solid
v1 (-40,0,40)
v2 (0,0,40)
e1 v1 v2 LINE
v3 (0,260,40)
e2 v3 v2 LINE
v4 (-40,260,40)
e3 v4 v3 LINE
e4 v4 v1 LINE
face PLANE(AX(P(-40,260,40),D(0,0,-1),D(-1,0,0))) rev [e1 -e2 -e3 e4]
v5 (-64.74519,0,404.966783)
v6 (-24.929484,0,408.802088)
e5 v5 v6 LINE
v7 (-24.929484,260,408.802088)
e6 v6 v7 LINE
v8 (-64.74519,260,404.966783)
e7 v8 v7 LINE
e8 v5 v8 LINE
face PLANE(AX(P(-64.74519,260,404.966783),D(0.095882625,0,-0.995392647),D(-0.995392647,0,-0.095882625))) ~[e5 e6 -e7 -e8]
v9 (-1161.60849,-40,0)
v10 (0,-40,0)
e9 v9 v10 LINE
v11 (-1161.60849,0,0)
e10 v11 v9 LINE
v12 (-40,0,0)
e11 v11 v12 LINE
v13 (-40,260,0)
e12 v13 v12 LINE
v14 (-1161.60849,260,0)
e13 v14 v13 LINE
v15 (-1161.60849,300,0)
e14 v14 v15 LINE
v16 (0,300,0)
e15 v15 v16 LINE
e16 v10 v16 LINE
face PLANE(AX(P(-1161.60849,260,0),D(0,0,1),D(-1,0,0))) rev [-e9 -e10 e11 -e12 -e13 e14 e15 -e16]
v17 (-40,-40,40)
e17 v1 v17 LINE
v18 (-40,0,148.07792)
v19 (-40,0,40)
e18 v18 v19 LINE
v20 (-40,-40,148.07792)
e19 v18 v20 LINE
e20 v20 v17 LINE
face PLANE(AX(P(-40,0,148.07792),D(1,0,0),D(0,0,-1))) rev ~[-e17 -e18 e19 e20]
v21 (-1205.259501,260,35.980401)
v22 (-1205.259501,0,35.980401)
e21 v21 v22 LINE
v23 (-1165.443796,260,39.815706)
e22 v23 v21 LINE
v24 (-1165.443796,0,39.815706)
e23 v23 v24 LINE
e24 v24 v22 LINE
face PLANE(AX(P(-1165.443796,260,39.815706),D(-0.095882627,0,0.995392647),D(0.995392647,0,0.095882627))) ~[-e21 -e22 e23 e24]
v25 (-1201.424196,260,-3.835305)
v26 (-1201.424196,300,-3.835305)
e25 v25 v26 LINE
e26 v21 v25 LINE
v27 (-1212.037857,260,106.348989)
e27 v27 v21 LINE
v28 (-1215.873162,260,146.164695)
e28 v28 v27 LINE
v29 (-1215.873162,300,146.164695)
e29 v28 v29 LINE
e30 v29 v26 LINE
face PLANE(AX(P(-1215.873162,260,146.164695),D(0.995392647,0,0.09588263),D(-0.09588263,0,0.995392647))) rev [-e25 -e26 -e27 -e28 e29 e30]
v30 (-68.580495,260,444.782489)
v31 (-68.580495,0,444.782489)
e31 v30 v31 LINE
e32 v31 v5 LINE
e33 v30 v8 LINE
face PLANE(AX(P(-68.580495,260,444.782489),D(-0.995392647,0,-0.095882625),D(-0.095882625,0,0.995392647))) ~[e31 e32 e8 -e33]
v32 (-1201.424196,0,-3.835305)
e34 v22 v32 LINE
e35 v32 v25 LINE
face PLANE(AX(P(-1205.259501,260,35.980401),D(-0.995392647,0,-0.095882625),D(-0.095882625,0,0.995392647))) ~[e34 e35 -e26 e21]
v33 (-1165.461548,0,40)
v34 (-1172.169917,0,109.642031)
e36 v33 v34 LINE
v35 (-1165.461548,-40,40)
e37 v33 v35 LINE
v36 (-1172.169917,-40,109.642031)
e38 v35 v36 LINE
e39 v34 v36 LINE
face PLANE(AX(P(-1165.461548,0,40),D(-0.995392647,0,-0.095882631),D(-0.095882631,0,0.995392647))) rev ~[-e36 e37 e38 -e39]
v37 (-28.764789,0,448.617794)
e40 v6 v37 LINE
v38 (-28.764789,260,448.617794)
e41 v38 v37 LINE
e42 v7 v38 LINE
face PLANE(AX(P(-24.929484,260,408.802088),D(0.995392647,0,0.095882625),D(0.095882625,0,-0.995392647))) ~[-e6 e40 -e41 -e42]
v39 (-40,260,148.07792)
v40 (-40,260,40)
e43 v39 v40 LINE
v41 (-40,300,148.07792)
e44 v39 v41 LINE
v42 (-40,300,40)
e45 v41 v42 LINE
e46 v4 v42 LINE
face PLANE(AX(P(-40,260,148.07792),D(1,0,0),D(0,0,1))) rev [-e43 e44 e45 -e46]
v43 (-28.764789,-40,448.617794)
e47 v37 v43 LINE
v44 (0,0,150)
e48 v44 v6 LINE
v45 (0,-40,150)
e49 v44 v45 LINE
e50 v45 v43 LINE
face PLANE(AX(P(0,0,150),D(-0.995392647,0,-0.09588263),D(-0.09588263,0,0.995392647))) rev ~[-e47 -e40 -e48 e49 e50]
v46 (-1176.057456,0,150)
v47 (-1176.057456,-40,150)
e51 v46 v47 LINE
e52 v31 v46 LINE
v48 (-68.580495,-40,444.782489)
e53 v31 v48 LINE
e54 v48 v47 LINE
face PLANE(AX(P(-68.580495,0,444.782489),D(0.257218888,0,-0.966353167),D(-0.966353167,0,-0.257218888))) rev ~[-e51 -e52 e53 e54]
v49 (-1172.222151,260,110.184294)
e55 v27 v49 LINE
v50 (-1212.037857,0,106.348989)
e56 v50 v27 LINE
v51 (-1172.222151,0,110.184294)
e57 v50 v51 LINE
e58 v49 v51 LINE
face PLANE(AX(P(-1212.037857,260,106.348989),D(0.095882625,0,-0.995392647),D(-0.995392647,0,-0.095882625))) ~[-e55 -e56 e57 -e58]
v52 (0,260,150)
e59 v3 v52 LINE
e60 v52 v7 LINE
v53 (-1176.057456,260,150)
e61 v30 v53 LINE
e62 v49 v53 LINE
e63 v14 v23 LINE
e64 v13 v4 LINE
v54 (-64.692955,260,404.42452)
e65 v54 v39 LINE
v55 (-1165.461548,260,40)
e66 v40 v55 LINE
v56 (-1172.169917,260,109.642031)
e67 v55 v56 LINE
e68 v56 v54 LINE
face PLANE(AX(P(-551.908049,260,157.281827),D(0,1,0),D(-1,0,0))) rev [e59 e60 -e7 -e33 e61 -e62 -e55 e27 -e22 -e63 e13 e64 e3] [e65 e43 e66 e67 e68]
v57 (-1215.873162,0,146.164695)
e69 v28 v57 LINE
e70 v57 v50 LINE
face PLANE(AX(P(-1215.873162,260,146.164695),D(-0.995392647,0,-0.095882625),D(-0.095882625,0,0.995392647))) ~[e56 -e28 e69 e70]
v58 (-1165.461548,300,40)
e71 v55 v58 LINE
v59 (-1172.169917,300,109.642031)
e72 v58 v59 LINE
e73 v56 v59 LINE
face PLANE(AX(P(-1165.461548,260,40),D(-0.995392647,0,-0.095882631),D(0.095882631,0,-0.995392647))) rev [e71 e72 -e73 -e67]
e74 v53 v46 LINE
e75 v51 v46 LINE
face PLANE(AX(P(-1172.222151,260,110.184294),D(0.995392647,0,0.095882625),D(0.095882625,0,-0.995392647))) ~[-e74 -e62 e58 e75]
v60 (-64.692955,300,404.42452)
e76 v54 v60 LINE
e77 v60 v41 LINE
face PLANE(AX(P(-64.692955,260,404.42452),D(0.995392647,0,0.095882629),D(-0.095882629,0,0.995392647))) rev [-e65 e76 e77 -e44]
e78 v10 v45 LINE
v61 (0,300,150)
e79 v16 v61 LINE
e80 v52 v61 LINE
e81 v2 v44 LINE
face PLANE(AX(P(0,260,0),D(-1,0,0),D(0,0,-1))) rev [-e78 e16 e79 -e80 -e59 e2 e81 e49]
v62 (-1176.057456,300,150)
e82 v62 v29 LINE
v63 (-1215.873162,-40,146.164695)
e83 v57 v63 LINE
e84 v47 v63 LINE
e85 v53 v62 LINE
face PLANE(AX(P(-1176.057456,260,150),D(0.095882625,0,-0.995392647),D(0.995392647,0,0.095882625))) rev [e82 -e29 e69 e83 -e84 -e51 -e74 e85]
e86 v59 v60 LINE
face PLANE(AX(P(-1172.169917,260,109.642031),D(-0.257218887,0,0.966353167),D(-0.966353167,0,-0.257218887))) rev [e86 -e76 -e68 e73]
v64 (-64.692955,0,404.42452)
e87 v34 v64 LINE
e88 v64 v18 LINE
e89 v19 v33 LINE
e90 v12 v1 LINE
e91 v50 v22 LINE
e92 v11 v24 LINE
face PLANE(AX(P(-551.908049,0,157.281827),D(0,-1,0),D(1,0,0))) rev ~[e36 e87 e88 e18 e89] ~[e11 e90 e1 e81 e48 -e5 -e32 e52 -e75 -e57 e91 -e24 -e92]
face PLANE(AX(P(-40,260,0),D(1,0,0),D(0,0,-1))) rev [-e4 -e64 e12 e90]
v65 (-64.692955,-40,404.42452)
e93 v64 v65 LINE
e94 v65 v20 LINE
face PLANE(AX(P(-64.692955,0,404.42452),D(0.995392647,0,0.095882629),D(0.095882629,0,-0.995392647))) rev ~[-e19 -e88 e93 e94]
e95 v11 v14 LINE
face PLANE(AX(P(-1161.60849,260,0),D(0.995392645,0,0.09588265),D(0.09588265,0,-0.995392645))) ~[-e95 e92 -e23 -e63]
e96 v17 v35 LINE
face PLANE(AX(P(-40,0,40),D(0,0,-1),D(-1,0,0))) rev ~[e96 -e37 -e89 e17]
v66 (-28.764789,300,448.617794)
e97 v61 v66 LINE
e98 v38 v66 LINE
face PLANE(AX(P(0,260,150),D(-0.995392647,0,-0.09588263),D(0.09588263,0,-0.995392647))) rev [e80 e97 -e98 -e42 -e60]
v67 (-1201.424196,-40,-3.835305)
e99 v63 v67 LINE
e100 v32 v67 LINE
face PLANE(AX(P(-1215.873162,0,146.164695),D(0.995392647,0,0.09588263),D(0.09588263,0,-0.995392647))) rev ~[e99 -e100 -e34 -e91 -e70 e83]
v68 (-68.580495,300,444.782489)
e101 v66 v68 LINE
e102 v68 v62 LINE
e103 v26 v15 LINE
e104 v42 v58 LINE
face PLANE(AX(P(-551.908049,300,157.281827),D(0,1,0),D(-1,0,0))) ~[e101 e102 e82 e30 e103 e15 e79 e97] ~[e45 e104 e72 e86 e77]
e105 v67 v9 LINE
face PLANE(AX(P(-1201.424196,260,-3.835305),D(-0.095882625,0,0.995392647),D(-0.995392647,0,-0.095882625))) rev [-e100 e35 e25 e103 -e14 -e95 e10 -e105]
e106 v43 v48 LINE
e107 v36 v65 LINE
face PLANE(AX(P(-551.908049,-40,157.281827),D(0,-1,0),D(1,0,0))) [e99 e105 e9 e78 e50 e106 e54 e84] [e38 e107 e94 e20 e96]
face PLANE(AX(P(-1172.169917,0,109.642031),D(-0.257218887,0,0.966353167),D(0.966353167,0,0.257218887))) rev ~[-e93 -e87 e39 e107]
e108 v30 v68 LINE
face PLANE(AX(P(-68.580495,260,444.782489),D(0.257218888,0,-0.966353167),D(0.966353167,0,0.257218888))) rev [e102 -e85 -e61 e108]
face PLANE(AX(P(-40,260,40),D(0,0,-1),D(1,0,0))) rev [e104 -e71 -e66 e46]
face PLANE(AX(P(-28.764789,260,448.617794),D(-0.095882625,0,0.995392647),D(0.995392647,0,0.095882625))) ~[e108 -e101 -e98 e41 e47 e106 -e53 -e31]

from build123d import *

# Parameters (mm, degrees)
F1_DEPTH = 40
F3_W     = 40
F3_H     = 40
F4_DEPTH = 130


with BuildPart() as f1:
    # F0 (on Front) → F1 (new body)
    with BuildSketch(Plane.XZ):
        Polygon((-1215.873162, 146.164695), (-1201.424196, -3.835305), (-1161.60849, 0), (0, 0), (0, 150), (-28.764789, 448.617794), (-68.580495, 444.782489), (-1176.057456, 150), align=None)
        Polygon((-1172.169917, 109.642031), (-64.692955, 404.42452), (-40, 148.07792), (-40, 40), (-1165.461548, 40), align=None, mode=Mode.SUBTRACT)
    extrude(amount=F1_DEPTH)

    # F3 (on face) → F4 (join)
    with BuildSketch(Plane.XZ):
        Polygon((-24.929484, 408.802088), (-28.764789, 448.617794), (-68.580495, 444.782489), (-64.74519, 404.966783), align=None)
        with Locations((-20, 20)):
            Rectangle(F3_W, F3_H)
        Polygon((-1172.222151, 110.184294), (-1176.057456, 150), (-1215.873162, 146.164695), (-1212.037857, 106.348989), align=None)
        Polygon((-1161.60849, 0), (-1165.443796, 39.815706), (-1205.259501, 35.980401), (-1201.424196, -3.835305), align=None)
    extrude(amount=-F4_DEPTH)

    # F5: F1 across face


with BuildPart() as f1_1:
    add(f1.part)
    add(f1.part.mirror(Plane(origin=(-46.754989, 130, 426.792288), x_dir=(1, 0, 0), z_dir=(0, 1, 0))))


solid = f1_1.part
